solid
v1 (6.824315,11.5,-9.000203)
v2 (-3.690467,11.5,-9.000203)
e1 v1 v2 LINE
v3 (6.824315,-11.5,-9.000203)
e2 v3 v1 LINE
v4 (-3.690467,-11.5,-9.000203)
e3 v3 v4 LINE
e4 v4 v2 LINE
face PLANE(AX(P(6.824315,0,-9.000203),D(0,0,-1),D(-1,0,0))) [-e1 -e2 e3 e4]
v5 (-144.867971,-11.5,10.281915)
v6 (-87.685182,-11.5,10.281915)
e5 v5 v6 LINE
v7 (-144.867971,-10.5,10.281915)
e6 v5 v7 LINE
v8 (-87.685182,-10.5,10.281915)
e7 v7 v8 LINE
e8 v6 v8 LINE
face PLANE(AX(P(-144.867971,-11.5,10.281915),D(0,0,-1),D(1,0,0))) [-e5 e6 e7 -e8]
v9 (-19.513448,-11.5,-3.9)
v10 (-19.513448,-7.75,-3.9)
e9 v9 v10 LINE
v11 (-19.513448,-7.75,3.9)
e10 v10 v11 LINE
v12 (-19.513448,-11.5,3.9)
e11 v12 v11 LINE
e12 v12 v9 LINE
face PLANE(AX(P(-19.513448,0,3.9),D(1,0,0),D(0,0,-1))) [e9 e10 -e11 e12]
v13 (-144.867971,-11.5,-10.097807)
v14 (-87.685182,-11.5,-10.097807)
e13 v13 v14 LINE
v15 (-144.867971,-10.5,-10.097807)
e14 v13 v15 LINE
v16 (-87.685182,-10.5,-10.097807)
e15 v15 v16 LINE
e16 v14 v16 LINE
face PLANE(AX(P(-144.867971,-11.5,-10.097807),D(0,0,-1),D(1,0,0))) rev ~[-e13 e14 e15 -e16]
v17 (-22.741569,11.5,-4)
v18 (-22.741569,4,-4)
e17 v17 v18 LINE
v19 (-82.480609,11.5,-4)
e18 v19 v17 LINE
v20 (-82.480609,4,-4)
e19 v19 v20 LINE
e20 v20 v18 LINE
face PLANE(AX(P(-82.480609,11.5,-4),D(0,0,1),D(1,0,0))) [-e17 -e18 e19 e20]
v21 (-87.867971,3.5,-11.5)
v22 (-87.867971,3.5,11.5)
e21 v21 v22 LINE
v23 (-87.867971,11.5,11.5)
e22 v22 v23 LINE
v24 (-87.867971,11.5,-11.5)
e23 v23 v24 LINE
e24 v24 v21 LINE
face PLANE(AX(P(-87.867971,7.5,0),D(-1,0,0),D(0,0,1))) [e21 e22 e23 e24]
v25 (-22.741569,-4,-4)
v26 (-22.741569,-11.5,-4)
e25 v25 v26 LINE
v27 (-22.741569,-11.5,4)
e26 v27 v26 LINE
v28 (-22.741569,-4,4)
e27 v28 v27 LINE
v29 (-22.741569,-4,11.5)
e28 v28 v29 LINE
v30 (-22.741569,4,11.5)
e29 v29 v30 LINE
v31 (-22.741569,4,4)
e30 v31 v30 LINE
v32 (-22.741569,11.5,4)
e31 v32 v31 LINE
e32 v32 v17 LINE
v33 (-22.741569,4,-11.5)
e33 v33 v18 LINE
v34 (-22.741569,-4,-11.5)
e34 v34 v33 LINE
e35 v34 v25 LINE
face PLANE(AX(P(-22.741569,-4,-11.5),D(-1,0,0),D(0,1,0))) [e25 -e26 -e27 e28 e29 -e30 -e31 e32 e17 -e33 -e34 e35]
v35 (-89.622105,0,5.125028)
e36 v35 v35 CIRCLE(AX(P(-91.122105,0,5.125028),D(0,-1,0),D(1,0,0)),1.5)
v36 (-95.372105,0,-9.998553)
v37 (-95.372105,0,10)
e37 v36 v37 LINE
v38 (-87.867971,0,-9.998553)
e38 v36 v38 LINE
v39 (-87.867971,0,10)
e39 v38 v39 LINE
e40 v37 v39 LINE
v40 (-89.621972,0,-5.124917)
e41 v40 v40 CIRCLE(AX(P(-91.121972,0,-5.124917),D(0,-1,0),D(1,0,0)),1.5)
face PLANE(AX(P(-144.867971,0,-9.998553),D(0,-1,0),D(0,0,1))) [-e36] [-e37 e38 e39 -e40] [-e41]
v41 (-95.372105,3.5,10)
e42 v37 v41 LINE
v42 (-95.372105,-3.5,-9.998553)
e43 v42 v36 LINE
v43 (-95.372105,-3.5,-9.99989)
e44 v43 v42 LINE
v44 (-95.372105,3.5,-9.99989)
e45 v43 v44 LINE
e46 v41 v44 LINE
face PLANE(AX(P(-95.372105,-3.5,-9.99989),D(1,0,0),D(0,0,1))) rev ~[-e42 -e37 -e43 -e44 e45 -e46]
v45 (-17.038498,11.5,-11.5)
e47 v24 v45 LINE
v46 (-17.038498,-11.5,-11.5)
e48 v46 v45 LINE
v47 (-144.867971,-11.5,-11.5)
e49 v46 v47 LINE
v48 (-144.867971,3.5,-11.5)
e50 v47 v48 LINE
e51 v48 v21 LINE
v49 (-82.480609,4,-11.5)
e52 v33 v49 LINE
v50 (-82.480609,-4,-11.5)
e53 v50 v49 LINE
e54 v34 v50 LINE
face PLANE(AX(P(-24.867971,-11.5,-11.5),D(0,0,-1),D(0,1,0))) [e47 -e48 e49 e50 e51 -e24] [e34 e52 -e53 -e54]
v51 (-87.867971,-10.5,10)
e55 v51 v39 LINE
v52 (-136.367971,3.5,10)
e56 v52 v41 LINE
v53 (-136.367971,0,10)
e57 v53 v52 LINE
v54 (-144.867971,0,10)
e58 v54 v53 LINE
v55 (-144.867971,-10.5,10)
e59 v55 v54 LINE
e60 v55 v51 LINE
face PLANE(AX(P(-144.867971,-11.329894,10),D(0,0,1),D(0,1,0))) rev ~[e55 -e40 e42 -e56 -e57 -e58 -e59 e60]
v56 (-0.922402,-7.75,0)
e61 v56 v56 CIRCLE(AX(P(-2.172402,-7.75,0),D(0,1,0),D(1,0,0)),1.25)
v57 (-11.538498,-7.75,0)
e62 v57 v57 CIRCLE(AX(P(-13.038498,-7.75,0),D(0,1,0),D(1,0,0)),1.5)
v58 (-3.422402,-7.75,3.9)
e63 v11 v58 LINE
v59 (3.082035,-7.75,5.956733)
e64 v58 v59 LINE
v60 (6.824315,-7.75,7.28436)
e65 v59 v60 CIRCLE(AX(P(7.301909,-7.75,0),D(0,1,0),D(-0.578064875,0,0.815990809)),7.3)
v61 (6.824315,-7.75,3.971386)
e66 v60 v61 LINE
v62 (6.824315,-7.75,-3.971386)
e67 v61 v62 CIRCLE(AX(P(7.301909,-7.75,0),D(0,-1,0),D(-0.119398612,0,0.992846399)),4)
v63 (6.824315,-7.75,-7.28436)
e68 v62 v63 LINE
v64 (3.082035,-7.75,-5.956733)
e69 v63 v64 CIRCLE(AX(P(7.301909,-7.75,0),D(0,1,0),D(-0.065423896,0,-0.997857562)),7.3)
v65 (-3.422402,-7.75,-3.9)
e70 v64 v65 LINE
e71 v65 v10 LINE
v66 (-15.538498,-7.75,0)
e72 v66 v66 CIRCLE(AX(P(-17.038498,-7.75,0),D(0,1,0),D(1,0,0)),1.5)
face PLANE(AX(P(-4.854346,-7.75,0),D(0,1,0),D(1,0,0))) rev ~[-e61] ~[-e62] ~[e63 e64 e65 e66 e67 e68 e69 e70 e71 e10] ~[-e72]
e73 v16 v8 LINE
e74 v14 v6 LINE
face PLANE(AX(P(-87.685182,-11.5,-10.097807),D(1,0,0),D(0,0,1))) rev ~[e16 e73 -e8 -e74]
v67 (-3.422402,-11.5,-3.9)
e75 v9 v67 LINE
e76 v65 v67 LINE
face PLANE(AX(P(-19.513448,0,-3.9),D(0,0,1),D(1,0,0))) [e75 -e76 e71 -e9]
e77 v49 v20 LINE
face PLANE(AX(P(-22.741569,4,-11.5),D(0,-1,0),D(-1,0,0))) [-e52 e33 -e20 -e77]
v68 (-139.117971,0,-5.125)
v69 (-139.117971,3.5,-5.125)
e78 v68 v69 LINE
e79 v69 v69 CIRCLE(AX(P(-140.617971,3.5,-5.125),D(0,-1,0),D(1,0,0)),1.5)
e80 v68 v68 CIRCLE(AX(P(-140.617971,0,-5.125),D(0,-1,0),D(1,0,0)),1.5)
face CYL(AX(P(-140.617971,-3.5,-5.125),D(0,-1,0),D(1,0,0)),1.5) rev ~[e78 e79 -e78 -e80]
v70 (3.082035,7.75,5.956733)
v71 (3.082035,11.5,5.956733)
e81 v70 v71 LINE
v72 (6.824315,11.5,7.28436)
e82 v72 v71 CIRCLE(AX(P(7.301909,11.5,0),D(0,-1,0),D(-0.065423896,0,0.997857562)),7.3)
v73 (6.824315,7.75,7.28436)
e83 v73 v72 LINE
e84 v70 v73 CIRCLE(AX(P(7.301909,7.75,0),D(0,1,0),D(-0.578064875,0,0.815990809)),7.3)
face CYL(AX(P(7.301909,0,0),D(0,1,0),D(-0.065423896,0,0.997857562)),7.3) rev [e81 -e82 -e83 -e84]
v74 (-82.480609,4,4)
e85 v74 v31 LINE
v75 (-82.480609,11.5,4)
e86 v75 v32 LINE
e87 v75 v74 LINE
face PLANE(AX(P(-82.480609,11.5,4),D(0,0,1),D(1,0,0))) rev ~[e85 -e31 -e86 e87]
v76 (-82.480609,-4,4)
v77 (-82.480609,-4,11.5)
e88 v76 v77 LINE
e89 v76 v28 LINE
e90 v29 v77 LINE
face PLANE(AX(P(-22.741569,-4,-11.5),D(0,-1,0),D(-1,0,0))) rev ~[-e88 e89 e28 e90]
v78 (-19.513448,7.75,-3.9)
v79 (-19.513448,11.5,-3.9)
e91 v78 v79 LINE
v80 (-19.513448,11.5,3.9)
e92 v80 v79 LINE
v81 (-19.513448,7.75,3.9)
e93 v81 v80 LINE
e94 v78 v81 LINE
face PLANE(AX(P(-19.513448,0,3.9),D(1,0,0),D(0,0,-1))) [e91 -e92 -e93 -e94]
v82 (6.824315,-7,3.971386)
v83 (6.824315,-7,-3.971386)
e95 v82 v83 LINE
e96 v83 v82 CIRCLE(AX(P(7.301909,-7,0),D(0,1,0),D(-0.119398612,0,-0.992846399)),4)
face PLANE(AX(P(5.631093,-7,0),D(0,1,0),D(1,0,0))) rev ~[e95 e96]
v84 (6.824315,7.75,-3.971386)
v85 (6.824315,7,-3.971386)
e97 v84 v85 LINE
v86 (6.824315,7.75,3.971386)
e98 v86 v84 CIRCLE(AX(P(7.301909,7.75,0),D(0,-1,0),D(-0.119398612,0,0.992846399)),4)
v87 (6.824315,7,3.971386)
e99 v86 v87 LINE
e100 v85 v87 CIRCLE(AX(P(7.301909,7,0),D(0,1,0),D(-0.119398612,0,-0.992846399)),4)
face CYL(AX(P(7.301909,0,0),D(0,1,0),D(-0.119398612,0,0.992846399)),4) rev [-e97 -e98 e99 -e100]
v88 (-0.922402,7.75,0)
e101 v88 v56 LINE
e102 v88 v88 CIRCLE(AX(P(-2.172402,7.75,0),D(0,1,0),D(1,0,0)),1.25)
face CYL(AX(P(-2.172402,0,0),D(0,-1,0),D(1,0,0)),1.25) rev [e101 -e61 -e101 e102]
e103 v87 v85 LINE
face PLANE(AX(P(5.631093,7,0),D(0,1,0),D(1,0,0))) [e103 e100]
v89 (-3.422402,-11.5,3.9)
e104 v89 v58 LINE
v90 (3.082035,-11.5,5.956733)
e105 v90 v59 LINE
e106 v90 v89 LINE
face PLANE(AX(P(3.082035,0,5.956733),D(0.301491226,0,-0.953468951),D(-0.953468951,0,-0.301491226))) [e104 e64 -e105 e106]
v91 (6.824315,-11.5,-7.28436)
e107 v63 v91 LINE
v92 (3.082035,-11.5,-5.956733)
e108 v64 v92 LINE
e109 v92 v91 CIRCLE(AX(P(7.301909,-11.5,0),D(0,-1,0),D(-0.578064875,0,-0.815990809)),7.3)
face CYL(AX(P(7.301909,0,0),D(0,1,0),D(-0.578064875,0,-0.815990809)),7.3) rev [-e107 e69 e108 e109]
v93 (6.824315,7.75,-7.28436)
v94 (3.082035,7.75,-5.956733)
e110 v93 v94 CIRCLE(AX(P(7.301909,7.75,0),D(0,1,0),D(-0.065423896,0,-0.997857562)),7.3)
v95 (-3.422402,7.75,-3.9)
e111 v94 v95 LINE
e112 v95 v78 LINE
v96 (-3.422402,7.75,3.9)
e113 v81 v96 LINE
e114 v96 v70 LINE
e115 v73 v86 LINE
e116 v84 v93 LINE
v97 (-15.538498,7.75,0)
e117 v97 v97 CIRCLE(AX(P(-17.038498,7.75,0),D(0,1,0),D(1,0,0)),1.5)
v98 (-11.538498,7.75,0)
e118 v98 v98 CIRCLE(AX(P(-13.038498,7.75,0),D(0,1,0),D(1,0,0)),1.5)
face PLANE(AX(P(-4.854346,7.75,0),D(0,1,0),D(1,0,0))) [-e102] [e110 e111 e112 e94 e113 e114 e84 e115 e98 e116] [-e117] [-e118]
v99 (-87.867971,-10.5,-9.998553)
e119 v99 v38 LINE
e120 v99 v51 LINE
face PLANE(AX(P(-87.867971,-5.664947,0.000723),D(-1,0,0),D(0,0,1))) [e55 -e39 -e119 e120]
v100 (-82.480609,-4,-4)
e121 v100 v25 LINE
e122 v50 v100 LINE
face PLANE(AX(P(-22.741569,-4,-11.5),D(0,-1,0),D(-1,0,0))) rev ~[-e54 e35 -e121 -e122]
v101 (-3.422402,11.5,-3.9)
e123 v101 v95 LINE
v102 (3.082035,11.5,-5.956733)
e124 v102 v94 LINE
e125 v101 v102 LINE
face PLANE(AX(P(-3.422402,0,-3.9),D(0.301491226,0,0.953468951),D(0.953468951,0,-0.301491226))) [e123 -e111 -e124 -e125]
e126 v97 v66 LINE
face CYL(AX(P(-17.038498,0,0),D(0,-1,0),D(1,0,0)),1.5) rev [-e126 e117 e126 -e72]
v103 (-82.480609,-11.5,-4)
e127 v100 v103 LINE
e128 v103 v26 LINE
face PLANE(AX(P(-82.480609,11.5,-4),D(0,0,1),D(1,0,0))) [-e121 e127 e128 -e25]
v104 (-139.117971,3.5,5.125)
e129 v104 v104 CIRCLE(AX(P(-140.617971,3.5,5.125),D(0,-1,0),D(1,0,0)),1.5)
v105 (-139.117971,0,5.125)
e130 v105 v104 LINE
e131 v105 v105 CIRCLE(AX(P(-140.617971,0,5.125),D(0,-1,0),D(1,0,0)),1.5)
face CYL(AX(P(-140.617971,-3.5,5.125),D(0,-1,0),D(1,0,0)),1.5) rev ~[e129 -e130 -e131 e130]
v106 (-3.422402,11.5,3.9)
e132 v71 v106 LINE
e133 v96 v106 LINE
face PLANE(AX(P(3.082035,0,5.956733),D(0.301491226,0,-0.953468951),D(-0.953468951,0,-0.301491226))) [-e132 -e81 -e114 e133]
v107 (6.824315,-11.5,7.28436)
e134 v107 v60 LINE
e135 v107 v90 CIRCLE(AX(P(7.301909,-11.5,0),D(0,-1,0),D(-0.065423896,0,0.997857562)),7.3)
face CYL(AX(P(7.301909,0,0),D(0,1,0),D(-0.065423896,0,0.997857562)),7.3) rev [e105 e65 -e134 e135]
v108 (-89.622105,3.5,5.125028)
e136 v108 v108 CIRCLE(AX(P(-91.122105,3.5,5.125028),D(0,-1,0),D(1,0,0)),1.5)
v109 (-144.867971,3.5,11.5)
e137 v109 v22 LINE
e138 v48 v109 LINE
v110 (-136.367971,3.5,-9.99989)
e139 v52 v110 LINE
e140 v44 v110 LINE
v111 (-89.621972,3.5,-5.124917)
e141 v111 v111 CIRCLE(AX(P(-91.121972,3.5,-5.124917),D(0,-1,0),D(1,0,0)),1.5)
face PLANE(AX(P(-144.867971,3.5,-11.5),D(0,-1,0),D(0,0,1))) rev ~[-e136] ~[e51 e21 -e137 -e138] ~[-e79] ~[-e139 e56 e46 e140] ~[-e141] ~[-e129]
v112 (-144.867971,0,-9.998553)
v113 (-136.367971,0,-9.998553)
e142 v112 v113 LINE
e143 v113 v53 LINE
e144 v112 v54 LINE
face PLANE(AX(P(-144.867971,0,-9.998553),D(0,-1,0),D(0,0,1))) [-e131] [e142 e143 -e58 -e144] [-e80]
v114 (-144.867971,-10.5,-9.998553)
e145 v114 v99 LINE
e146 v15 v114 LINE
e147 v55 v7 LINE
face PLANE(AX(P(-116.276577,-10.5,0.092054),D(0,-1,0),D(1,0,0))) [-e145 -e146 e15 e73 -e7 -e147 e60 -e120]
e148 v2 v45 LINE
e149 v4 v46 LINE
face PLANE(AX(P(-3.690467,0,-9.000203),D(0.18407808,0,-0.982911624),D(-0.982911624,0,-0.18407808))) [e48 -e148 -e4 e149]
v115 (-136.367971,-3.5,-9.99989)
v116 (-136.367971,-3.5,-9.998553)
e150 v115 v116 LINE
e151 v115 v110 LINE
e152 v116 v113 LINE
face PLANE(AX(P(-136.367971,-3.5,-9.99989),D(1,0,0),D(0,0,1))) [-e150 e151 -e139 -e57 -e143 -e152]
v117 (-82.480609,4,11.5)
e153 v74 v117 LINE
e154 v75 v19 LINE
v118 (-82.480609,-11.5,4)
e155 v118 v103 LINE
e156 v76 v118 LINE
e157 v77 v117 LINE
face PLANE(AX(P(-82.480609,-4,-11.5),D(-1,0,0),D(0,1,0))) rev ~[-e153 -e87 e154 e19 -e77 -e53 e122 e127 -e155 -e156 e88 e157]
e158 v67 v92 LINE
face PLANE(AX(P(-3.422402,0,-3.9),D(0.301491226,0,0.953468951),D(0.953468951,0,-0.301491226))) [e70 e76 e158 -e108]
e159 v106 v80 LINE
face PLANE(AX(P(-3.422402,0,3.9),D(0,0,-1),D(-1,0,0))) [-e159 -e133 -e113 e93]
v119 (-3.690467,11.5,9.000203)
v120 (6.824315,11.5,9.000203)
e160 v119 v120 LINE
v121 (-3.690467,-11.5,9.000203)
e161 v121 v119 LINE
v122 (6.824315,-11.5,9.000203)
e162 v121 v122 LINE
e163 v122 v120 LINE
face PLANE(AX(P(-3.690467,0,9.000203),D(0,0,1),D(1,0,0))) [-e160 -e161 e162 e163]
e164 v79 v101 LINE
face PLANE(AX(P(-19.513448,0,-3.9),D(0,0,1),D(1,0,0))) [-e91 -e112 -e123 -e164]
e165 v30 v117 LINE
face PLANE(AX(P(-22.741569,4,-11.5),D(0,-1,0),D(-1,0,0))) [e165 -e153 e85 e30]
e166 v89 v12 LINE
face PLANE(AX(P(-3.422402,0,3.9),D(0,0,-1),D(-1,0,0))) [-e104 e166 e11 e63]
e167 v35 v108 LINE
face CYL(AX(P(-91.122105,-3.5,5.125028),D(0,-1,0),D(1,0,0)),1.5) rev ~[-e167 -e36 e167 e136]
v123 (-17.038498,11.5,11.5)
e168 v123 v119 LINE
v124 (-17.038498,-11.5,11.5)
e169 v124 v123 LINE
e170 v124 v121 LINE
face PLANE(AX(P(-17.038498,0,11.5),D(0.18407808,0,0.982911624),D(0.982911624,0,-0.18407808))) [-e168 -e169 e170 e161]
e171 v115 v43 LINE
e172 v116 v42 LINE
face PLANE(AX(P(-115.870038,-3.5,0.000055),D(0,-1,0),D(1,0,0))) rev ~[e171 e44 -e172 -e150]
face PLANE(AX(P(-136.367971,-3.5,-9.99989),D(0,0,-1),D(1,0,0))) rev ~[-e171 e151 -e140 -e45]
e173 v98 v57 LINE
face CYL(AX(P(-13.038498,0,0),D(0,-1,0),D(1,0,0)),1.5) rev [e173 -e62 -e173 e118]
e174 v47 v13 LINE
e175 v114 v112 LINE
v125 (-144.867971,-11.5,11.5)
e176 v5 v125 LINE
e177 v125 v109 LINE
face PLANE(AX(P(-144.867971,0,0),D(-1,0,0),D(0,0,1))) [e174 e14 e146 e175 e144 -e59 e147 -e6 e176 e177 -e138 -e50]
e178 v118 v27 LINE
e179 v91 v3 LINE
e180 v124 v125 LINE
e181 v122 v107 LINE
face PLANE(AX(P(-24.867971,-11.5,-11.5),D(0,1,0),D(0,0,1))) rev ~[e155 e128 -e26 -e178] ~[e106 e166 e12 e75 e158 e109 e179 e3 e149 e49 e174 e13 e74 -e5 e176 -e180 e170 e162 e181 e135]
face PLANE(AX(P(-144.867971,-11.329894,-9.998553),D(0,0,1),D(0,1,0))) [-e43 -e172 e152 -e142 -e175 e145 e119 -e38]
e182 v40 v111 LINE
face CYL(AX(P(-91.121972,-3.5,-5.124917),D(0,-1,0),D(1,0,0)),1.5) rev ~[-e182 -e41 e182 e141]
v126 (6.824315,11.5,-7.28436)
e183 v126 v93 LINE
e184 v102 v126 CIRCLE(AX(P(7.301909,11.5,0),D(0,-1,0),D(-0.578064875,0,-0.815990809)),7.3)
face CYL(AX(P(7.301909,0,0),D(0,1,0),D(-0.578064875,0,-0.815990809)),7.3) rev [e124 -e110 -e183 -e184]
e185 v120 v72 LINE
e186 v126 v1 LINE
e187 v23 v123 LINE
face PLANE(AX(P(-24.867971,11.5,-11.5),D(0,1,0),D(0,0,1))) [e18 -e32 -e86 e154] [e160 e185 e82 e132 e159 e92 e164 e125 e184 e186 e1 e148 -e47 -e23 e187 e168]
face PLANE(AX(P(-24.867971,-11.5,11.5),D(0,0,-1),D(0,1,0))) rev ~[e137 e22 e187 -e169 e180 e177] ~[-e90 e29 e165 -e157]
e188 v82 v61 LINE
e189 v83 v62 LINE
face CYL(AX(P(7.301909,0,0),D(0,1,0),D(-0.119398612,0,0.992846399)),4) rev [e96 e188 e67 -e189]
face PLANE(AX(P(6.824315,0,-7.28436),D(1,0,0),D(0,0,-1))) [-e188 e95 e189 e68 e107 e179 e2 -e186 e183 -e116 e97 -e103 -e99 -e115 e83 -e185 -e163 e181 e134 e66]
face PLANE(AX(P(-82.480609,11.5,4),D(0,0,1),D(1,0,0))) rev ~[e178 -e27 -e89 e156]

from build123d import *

# Parameters (mm, degrees)
BOSS_EXTRUDE1_DEPTH     = 11.5
SKETCH1_13_R            = 1.5
SKETCH1_13_R_2          = 1.25
BOSS_EXTRUDE2_DEPTH     = 7.75
BOSS_EXTRUDE3_DEPTH     = 7
SKETCH2_W               = 23
SKETCH2_H               = 23
BOSS_EXTRUDE4_DEPTH     = 120
CUT_EXTRUDE7_DEPTH      = 5
CUT_EXTRUDE7_DEPTH_BACK = 57
SKETCH9_W               = 19.998553098
SKETCH9_H               = 11.329894336
CUT_EXTRUDE8_START      = -8
SKETCH8_W               = 40.995866108
SKETCH8_H               = 19.999889565
SKETCH8_R               = 1.5
CUT_EXTRUDE8_DEPTH      = 20
SKETCH10_W              = 57.182789297
SKETCH10_H              = 20.379722455
CUT_EXTRUDE9_DEPTH      = 1
SKETCH11_W              = 59.739039785
SKETCH11_H              = 8
CUT_EXTRUDE10_DEPTH     = 40
SKETCH12_W              = 59.739039785
SKETCH12_H              = 8
CUT_EXTRUDE11_DEPTH     = 40
CUT_EXTRUDE12_DEPTH     = 57


with BuildPart() as part:
    # Sketch1 → Boss-Extrude1 (new, symmetric)
    with BuildSketch(Plane(origin=(0, 0, 0), x_dir=(1, 0, 0), z_dir=(0, 1, 0))):
        with BuildLine():
            Line((6.824314586, 7.284360201), (6.824314586, 9.00020274))
            Line((6.824314586, 9.00020274), (-3.690467309, 9.00020274))
            Line((-3.690467309, 9.00020274), (-17.038497557, 11.5))
            Line((-17.038497557, 11.5), (-24.867971487, 11.5))
            Line((-24.867971487, 11.5), (-24.867971487, -11.5))
            Line((-24.867971487, -11.5), (-17.038497557, -11.5))
            Line((-17.038497557, -11.5), (-3.690467309, -9.00020274))
            Line((-3.690467309, -9.00020274), (6.824314586, -9.00020274))
            Line((6.824314586, -9.00020274), (6.824314586, -7.284360201))
            ThreePointArc((6.824314586, -7.284360201), (4.861171432, -6.879883717), (3.082035449, -5.956732906))
            Line((3.082035449, -5.956732906), (-3.422402494, -3.9))
            Line((-3.422402494, -3.9), (-19.513448301, -3.9))
            Line((-19.513448301, -3.9), (-19.513448301, 3.9))
            Line((-19.513448301, 3.9), (-3.422402494, 3.9))
            Line((-3.422402494, 3.9), (3.082035449, 5.956732906))
            ThreePointArc((3.082035449, 5.956732906), (4.861171432, 6.879883717), (6.824314586, 7.284360201))
        make_face()
    extrude(amount=BOSS_EXTRUDE1_DEPTH, both=True)

    # Sketch1<13> → Boss-Extrude2 (add, symmetric)
    with BuildSketch(Plane(origin=(0, 0, 0), x_dir=(1, 0, 0), z_dir=(0, 1, 0))):
        with BuildLine():
            Line((6.824314586, 3.971385595), (6.824314586, 7.284360201))
            ThreePointArc((6.824314586, 7.284360201), (4.861171432, 6.879883717), (3.082035449, 5.956732906))
            Line((3.082035449, 5.956732906), (-3.422402494, 3.9))
            Line((-3.422402494, 3.9), (-19.513448301, 3.9))
            Line((-19.513448301, 3.9), (-19.513448301, -3.9))
            Line((-19.513448301, -3.9), (-3.422402494, -3.9))
            Line((-3.422402494, -3.9), (3.082035449, -5.956732906))
            ThreePointArc((3.082035449, -5.956732906), (4.861171432, -6.879883717), (6.824314586, -7.284360201))
            Line((6.824314586, -7.284360201), (6.824314586, -3.971385595))
            ThreePointArc((6.824314586, -3.971385595), (3.301909035, 0), (6.824314586, 3.971385595))
        make_face()
        with Locations((-17.038497557, 0)):
            Circle(SKETCH1_13_R, mode=Mode.SUBTRACT)
        with Locations((-13.038497557, 0)):
            Circle(SKETCH1_13_R, mode=Mode.SUBTRACT)
        with Locations((-2.172402494, 0)):
            Circle(SKETCH1_13_R_2, mode=Mode.SUBTRACT)
    extrude(amount=BOSS_EXTRUDE2_DEPTH, both=True)

    # Sketch1<14> → Boss-Extrude3 (add, symmetric)
    with BuildSketch(Plane(origin=(0, 0, 0), x_dir=(1, 0, 0), z_dir=(0, 1, 0))):
        with BuildLine():
            Line((6.824314586, -3.971385595), (6.824314586, 3.971385595))
            ThreePointArc((6.824314586, 3.971385595), (3.301909035, 0), (6.824314586, -3.971385595))
        make_face()
    extrude(amount=BOSS_EXTRUDE3_DEPTH, both=True)

    # Sketch2 → Boss-Extrude4 (add)
    with BuildSketch(Plane.ZY.offset(24.867971487)):
        Rectangle(SKETCH2_W, SKETCH2_H)
    extrude(amount=BOSS_EXTRUDE4_DEPTH)

    # Sketch9 → Cut-Extrude7 (cut, two sides: drawn at the far end of the back side and taken through both)
    with BuildSketch(Plane.ZY.offset(144.867971487).offset(-CUT_EXTRUDE7_DEPTH_BACK)):
        with Locations((0.000723451, -5.664947168)):
            Rectangle(SKETCH9_W, SKETCH9_H)
    extrude(amount=CUT_EXTRUDE7_DEPTH + CUT_EXTRUDE7_DEPTH_BACK, mode=Mode.SUBTRACT)

    # Sketch8 → Cut-Extrude8 (cut)
    with BuildSketch(Plane.XZ.offset(11.5).offset(CUT_EXTRUDE8_START)):
        with Locations((-115.870038433, 5.5217e-05)):
            Rectangle(SKETCH8_W, SKETCH8_H)
        with Locations((-140.617971487, 5.125)):
            Circle(SKETCH8_R)
        with Locations((-140.617971487, -5.125)):
            Circle(SKETCH8_R)
        with Locations((-91.122105379, 5.125027608)):
            Circle(SKETCH8_R)
        with Locations((-91.121972212, -5.124917175)):
            Circle(SKETCH8_R)
    extrude(amount=-CUT_EXTRUDE8_DEPTH, mode=Mode.SUBTRACT)

    # Sketch10 → Cut-Extrude9 (cut)
    with BuildSketch(Plane.XZ.offset(11.5)):
        with Locations((-116.276576839, 0.092053876)):
            Rectangle(SKETCH10_W, SKETCH10_H)
    extrude(amount=-CUT_EXTRUDE9_DEPTH, mode=Mode.SUBTRACT)

    # Sketch11 → Cut-Extrude10 (cut)
    with BuildSketch(Plane(origin=(0, 11.5, 0), x_dir=(1, 0, 0), z_dir=(0, 1, 0))):
        with Locations((-52.611089146, 0)):
            Rectangle(SKETCH11_W, SKETCH11_H)
    extrude(amount=-CUT_EXTRUDE10_DEPTH, mode=Mode.SUBTRACT)

    # Sketch12 → Cut-Extrude11 (cut)
    with BuildSketch(Plane(origin=(0, 0, -11.5), x_dir=(-1, 0, 0), z_dir=(0, 0, -1))):
        with Locations((52.611089146, 0)):
            Rectangle(SKETCH12_W, SKETCH12_H)
    extrude(amount=-CUT_EXTRUDE11_DEPTH, mode=Mode.SUBTRACT)

    # Sketch9<12> → Cut-Extrude12 (cut)
    with BuildSketch(Plane.ZY.offset(144.867971487)):
        Polygon((10, 3.5), (11.5, 3.5), (11.5, 3.545517382), (11.5, 11.5), (10, 11.5), (-9.999842993, 11.5), (-11.5, 11.5), (-11.5, 3.5), (-10, 3.5), align=None)
    extrude(amount=-CUT_EXTRUDE12_DEPTH, mode=Mode.SUBTRACT)


solid = part.part
